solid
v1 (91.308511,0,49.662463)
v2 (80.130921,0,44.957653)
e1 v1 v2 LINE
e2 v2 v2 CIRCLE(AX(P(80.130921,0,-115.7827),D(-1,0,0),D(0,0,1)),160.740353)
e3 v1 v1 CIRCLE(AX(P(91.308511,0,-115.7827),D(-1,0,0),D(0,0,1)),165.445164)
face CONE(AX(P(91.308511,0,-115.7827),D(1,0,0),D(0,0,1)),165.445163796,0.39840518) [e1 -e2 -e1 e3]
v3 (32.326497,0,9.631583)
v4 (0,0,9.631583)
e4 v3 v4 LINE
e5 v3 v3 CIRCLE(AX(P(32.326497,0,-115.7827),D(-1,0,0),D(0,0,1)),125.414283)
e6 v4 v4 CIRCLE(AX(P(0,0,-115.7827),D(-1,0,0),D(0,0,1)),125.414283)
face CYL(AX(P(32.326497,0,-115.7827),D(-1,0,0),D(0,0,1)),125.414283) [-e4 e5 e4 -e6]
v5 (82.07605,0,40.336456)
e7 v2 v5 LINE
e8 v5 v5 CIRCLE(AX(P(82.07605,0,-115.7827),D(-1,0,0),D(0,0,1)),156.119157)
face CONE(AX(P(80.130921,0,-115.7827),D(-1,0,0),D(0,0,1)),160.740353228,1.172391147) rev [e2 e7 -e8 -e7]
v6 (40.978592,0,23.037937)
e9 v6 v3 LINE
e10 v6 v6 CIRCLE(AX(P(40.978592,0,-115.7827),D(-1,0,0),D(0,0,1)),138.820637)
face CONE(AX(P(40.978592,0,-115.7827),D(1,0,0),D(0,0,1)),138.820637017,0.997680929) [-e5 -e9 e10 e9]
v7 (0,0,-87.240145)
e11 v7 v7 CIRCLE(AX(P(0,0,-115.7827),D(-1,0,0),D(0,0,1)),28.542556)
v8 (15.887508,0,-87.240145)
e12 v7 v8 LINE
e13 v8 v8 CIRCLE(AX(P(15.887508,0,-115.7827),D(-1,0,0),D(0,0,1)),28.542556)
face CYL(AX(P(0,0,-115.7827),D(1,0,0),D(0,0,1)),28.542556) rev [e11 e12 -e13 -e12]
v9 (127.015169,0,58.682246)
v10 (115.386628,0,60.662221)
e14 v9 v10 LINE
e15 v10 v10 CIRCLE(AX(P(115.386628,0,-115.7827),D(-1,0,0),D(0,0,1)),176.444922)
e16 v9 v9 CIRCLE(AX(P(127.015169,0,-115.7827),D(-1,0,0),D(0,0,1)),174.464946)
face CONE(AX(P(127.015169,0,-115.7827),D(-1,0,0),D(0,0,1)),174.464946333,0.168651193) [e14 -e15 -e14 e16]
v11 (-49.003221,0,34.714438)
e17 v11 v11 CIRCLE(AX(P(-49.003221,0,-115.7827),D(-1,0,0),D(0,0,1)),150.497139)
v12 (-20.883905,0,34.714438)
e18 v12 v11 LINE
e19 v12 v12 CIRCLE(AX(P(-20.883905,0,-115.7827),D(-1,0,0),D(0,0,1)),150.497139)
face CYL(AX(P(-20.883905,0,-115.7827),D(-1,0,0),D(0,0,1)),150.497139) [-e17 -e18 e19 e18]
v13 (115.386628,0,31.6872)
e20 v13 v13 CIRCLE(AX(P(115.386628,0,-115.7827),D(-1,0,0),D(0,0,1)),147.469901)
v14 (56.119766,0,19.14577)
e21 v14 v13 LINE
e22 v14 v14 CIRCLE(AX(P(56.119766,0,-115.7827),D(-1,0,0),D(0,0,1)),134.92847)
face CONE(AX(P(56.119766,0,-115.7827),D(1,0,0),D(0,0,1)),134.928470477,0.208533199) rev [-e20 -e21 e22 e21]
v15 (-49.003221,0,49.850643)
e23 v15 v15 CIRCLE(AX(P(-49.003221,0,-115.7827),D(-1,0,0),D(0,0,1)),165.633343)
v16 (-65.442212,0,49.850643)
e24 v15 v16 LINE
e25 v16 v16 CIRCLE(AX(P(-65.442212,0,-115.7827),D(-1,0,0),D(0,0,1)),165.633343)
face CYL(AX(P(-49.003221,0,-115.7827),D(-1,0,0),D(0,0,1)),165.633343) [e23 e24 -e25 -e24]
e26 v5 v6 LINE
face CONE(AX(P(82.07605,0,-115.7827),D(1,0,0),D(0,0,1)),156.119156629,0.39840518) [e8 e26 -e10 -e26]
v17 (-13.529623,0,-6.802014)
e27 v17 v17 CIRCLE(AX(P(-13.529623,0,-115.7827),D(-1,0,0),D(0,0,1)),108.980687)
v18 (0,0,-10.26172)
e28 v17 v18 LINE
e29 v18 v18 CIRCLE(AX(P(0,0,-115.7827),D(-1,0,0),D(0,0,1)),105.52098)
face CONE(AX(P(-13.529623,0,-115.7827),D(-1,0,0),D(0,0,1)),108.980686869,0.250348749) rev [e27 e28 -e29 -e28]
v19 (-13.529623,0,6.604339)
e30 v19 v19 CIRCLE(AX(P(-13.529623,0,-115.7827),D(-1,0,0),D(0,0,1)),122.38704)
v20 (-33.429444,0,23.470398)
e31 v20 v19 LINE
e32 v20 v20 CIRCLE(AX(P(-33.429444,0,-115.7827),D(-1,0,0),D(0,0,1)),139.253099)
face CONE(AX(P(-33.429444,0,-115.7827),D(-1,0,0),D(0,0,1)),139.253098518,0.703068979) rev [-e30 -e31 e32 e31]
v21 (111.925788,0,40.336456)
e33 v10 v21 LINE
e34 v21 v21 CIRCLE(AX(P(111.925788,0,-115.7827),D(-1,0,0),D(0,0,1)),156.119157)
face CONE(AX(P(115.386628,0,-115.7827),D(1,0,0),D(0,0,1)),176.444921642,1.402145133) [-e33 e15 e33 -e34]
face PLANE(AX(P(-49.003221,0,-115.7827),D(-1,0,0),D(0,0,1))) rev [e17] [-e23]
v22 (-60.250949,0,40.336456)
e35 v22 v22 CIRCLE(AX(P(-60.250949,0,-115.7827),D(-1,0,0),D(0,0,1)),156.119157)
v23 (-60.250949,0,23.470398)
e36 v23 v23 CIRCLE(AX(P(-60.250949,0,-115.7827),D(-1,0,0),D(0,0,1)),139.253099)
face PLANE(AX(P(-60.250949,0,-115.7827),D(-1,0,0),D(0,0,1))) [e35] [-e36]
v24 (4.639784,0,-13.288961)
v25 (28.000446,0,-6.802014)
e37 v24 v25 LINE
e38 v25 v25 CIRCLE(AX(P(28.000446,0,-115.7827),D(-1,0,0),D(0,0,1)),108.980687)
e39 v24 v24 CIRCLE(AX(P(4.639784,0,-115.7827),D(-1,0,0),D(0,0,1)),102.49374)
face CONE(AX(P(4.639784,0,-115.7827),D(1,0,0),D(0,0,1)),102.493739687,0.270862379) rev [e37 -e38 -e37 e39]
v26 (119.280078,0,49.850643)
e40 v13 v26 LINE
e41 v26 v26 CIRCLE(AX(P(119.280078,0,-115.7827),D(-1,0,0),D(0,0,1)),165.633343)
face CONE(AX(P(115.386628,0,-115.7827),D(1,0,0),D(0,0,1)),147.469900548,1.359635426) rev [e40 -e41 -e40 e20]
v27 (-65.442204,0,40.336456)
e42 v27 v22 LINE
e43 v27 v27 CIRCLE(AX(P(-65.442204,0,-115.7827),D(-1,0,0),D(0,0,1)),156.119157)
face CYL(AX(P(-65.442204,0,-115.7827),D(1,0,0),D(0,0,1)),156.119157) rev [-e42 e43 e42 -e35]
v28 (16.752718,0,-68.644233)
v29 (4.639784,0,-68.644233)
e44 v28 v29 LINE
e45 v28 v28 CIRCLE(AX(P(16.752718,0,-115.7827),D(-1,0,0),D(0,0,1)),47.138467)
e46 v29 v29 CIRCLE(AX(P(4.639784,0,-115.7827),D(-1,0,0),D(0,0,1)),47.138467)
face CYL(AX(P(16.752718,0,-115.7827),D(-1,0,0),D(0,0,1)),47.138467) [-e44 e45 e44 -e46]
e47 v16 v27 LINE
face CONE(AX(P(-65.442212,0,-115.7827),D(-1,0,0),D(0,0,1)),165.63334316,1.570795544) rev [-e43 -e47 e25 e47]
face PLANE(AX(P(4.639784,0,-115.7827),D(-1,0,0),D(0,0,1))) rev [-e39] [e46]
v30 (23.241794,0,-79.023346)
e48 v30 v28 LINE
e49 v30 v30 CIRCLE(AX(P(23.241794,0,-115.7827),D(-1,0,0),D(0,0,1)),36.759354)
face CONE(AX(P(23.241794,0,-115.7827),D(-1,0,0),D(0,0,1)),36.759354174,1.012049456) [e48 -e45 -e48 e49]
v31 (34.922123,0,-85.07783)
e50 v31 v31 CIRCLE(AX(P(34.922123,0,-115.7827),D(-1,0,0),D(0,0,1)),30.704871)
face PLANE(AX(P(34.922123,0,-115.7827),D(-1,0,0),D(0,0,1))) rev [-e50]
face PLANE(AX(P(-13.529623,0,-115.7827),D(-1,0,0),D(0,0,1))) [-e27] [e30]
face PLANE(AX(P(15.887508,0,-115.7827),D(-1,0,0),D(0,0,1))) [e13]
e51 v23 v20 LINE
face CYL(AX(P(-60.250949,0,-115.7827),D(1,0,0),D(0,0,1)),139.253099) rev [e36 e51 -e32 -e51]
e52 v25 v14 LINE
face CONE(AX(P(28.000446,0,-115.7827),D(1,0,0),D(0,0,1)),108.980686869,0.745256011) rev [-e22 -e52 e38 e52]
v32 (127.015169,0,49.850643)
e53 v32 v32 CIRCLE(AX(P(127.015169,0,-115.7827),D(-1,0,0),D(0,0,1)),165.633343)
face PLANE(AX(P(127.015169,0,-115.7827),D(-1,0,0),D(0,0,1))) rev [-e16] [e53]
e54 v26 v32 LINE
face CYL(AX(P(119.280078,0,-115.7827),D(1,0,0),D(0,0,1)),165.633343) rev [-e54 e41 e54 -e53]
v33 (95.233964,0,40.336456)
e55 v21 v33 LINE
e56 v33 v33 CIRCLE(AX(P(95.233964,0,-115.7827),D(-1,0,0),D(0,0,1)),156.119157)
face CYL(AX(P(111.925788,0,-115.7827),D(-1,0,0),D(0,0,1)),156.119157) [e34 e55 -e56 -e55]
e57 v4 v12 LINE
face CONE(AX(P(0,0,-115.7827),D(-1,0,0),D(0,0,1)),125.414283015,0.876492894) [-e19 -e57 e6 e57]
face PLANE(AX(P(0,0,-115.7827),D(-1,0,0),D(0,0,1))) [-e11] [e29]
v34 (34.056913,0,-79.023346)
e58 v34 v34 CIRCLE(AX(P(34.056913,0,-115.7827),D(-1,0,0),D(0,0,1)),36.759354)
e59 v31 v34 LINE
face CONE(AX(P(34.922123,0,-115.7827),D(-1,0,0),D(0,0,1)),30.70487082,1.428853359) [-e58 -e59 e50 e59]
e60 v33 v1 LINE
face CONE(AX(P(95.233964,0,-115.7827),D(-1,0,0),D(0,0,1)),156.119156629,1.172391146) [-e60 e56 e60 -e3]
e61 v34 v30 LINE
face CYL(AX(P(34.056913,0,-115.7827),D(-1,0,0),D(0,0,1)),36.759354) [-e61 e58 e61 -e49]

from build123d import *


with BuildPart() as f1:
    # F0 (on Front) → F1 (revolve)
    with BuildSketch(Plane.XZ):
        Polygon((-5.5380323902, 50.2795092762), (-30.604917556, 50.2795092762), (-46.0446093346, 54.9755878761), (-54.0652101429, 53.2870396276), (-56.2547557056, 63.687376678), (-67.3308223486, 61.3555721939), (-67.3308223486, 55.2345886827), (-62.3757392168, 55.2345886827), (-62.3757392168, 46.4903302491), (-37.6003272831, 39.7863946855), (-37.6003272831, 25.212623179), (-29.4390171766, 11.5132788196), (-29.4390171766, -6.8496726453), (-20.9862291813, -20.2575419098), (2.331804717, -12.0962299407), (11.3675408065, -29.8762302846), (31.1878658831, -23.4637726098), (18.0714763701, -13.5536063462), (22.1521314234, 11.2218027934), (36.7259047925, 29.8762302846), (36.7259047925, 45.3244261444), (9.9101634696, 49.4050830603), (-5.5380323902, 46.4903302491), align=None)
    revolve(axis=Axis((21.2777033448, 0, -26.6700014472), (-0.9514445247, 0, -0.3078202664)))


with BuildPart() as f4:
    # F3 (on Front) → F4 (revolve)
    with BuildSketch(Plane.XZ):
        Polygon((-49.0032210946, 49.8506426811), (-65.442211926, 49.8506426811), (-65.4422044754, 40.3364561498), (-60.2509491146, 40.3364561498), (-60.2509491146, 23.4703980386), (-33.4294438362, 23.4703980386), (-13.5296229273, 6.6043394618), (-13.5296229273, -6.8020136096), (0, -10.2617200464), (0, -87.2401446104), (15.8875081688, -87.2401446104), (15.8875081688, -115.782700479), (34.9221229553, -115.782700479), (34.9221229553, -85.077829659), (34.0569131076, -79.0233463049), (23.2417937368, -79.0233463049), (16.7527180165, -68.644233048), (4.6397843398, -68.644233048), (4.6397843398, -13.2889607921), (28.0004460365, -6.8020136096), (56.1197660863, 19.1457699984), (115.3866276145, 31.6872000694), (119.280077517, 49.8506426811), (127.0151686524, 49.8506426811), (127.0151686524, 58.6822458537), (115.3866276145, 60.6622211635), (111.9257882237, 40.3364561498), (95.2339635486, 40.3364561498), (91.3085111252, 49.6624633169), (80.1309212987, 44.9576527494), (82.0760503411, 40.3364561498), (40.9785918891, 23.0379365385), (32.3264971375, 9.6315825358), (0, 9.6315825358), (-20.88390477, 34.7144380212), (-49.0032210946, 34.7144380212), align=None)
    revolve(axis=Axis((25.4048155621, 0, -115.782700479), (-1, 0, 0)))


solid = f4.part
